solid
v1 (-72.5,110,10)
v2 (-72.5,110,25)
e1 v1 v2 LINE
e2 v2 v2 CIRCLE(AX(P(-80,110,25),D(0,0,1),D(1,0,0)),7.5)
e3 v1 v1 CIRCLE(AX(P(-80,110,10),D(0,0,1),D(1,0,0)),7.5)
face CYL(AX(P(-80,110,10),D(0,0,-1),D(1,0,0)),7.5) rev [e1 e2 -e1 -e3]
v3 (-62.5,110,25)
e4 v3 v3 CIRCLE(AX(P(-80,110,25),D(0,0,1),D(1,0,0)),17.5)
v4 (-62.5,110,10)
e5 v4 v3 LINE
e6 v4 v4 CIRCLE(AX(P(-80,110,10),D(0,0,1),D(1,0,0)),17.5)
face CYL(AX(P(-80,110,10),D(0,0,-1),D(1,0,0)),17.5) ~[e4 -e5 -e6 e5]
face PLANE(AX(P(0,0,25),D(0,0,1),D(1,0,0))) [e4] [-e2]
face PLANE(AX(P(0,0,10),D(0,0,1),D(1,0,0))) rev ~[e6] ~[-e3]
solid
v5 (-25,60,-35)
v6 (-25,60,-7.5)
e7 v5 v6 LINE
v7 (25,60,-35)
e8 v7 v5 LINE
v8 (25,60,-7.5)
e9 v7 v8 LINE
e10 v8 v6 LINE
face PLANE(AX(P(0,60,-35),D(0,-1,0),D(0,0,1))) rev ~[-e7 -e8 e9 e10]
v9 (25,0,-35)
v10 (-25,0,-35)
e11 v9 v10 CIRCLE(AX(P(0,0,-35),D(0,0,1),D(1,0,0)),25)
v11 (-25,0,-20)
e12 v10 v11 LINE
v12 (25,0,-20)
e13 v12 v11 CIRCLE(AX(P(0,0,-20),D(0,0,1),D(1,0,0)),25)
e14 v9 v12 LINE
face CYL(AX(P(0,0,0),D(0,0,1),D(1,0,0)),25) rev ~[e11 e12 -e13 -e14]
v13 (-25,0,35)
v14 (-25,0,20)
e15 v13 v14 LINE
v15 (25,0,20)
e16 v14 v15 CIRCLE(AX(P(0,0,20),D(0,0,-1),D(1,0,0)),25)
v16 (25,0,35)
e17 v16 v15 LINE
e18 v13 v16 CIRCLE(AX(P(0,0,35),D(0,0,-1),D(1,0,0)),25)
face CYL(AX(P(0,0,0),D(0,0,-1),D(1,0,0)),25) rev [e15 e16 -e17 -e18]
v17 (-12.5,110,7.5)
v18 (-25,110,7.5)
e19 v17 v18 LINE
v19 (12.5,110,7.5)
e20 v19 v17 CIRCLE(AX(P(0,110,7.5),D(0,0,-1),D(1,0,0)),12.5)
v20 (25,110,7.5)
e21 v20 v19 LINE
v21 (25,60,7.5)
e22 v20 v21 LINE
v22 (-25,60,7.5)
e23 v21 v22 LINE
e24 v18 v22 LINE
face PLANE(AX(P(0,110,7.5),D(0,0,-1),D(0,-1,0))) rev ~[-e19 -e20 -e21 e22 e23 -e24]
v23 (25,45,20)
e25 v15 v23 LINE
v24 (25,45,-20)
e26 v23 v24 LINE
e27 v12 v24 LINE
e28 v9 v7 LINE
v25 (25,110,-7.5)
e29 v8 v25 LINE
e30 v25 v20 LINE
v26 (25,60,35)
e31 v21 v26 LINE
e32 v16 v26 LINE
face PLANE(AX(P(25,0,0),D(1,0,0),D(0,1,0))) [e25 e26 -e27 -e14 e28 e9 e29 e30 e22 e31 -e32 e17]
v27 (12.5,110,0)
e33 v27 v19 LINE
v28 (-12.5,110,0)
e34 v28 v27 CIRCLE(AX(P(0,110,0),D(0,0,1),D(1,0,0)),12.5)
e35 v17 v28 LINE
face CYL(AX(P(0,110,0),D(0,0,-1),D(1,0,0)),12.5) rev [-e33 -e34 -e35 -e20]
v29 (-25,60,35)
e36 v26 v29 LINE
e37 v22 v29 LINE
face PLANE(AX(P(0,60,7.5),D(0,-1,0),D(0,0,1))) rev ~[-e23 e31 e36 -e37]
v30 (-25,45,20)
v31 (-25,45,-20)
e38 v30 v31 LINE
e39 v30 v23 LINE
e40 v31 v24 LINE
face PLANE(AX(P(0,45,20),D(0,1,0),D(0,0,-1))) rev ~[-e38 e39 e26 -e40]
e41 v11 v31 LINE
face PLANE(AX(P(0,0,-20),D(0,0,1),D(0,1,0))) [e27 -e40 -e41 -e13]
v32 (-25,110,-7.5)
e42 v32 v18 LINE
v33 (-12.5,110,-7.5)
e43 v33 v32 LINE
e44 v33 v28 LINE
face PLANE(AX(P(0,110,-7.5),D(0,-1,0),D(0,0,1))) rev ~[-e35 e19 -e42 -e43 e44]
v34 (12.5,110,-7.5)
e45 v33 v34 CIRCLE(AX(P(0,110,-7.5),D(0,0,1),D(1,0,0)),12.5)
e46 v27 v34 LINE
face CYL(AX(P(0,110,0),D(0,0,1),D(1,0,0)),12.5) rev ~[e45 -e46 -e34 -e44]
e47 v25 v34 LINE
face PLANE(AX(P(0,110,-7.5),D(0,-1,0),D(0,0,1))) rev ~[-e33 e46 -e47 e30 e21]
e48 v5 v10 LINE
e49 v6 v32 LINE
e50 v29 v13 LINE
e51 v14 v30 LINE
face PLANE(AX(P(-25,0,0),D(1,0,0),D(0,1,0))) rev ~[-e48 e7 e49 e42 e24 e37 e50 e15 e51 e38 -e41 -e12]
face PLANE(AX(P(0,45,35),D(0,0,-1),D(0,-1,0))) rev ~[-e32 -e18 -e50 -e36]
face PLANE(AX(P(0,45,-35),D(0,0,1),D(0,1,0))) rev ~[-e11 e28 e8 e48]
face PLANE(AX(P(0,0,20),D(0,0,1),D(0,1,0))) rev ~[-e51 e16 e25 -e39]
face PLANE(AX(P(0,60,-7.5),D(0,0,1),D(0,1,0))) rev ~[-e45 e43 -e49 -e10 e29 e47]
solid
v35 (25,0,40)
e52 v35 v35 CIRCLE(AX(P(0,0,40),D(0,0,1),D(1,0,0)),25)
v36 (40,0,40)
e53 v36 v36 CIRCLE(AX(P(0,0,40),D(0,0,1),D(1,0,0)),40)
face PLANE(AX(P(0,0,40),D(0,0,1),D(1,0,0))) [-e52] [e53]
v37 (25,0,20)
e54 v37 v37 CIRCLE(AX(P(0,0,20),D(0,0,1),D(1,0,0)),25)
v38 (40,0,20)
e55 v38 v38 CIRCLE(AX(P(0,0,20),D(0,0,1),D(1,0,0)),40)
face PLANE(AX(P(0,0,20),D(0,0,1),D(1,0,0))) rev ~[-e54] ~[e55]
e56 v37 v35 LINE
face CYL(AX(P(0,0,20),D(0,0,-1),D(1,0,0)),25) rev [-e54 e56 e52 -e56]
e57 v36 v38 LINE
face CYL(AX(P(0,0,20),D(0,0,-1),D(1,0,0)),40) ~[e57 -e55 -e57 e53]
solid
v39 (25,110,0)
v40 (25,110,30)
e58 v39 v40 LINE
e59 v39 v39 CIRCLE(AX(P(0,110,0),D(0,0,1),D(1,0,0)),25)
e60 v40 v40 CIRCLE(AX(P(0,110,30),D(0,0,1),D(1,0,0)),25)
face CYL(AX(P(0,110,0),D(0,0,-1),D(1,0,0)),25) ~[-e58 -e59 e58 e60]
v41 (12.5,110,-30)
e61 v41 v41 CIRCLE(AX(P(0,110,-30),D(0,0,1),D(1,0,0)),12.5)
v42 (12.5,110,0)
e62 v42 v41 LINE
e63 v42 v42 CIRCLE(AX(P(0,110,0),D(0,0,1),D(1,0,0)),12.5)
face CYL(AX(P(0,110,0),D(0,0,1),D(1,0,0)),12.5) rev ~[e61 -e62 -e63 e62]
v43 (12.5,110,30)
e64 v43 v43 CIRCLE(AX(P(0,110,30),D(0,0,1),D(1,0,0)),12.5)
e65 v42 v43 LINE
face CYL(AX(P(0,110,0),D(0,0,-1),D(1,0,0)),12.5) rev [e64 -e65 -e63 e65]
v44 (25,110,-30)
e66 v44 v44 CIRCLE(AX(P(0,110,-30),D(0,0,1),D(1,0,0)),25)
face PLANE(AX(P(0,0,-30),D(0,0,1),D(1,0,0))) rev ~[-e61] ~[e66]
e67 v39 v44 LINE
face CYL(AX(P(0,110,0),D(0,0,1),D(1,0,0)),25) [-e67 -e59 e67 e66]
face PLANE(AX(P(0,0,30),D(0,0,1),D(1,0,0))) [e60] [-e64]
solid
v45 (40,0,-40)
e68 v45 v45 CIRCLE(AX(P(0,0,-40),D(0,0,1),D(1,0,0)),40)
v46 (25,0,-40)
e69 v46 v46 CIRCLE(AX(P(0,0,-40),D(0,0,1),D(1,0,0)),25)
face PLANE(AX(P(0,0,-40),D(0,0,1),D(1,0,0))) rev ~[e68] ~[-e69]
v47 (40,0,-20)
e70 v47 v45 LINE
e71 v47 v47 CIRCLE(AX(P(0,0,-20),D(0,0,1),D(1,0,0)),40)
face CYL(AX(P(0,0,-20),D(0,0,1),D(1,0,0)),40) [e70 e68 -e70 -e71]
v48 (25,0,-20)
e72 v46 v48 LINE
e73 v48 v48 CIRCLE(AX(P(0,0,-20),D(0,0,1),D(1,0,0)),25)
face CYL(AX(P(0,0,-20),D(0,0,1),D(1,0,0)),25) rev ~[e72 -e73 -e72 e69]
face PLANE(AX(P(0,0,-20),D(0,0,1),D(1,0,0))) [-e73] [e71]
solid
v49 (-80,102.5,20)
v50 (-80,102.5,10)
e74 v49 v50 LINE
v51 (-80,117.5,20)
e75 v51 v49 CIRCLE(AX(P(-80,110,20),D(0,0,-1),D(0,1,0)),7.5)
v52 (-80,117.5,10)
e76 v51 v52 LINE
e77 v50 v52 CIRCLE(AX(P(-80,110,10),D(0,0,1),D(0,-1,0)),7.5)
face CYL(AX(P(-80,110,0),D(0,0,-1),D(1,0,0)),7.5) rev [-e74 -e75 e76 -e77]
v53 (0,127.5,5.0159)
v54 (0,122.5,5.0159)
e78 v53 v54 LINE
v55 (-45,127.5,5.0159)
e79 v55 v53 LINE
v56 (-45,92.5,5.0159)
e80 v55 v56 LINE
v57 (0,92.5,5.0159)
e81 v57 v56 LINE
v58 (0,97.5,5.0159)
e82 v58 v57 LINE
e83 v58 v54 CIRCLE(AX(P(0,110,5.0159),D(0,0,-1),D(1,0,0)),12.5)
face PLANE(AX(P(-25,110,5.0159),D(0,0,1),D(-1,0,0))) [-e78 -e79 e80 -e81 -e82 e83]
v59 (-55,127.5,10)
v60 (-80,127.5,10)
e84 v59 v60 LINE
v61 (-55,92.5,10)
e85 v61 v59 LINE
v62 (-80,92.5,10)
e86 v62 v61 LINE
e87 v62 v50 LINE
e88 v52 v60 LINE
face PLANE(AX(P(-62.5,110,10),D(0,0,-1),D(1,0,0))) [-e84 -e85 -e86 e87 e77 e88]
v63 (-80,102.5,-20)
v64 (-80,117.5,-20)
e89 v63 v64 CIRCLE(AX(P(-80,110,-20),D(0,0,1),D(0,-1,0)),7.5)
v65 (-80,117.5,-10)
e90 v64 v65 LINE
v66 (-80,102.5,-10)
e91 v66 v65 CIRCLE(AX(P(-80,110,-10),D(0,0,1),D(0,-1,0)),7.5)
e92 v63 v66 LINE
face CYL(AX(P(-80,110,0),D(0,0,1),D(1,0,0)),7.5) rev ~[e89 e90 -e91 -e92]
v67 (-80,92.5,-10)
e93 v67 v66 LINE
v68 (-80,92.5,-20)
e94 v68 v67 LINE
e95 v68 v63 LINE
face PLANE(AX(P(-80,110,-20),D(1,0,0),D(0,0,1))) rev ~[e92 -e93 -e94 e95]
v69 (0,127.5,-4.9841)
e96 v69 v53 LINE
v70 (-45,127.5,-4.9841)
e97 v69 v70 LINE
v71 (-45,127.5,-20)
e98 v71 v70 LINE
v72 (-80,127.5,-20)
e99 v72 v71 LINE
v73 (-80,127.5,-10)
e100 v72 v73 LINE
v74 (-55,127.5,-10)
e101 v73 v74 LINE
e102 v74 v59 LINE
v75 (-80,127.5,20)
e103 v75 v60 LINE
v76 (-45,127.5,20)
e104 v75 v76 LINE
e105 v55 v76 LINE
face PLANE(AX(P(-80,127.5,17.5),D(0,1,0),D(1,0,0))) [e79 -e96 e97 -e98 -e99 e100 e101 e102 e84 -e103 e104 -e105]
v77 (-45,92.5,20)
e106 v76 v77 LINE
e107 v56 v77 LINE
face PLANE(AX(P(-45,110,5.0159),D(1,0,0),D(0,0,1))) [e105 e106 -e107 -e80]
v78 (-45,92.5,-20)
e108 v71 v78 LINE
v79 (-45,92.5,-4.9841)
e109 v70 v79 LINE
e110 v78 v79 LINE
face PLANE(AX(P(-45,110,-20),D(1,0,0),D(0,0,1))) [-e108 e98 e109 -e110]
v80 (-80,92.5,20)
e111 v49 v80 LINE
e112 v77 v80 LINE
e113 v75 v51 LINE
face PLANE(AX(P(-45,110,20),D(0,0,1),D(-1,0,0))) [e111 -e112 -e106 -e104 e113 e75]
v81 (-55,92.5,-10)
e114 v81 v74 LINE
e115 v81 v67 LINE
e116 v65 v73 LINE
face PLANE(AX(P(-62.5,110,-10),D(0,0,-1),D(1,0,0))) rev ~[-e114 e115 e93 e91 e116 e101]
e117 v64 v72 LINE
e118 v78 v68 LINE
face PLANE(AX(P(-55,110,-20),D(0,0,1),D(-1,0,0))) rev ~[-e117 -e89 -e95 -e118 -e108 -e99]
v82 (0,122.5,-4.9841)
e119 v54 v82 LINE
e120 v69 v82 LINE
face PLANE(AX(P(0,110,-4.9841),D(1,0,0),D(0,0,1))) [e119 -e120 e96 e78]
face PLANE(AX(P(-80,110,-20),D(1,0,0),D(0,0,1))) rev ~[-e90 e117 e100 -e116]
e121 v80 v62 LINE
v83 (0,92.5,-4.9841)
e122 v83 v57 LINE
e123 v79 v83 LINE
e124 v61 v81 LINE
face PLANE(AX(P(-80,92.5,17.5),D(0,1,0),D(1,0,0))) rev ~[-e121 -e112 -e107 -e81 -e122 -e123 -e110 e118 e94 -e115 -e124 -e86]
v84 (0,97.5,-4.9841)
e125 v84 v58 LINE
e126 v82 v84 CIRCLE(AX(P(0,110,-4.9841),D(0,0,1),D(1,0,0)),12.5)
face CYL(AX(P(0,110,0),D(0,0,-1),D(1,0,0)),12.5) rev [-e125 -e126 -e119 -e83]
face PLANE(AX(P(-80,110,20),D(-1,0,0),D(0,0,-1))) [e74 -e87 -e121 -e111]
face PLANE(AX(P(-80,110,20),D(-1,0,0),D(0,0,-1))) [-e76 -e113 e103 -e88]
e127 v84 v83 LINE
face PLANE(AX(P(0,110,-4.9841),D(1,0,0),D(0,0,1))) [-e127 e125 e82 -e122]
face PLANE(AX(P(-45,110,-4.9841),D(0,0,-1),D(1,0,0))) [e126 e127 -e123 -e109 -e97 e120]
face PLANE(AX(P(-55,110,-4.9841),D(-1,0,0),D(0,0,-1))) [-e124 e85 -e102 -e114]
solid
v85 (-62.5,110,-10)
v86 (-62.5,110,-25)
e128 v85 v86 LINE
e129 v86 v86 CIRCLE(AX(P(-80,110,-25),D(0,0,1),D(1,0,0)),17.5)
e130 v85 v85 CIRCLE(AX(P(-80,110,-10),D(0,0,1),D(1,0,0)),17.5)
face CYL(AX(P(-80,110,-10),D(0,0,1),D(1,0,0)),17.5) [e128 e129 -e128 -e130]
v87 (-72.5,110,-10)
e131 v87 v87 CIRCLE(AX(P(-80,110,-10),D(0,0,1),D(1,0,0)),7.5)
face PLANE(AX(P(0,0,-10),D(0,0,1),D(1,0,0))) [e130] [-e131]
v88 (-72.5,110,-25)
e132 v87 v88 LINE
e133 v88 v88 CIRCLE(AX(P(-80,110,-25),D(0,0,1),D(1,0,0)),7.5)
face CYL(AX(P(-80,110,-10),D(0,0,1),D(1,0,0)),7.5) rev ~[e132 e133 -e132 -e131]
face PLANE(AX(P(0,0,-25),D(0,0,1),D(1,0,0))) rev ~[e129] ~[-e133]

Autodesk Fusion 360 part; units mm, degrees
sketch "Sketch1" plane through (0, 0, 0) normal (0, 0, 1) x (1, 0, 0)
  circle A0 centre (0, 0) radius 25
  circle A1 centre (0, 0) radius 40
  circle A2 centre (0, 110) radius 12.5
  circle A3 centre (0, 110) radius 25
  circle A4 centre (-80, 110) radius 7.5
  circle A5 centre (-80, 110) radius 17.5
  dimension "d5" = 50
  dimension "d6" = 80
  dimension "d7" = 25
  dimension "d8" = 50
  dimension "d9" = 110
  dimension "d10" = 15
  dimension "d11" = 35
  dimension "d12" = 80
extrude "Extrude1" add sketch "Sketch1" along normal blind 10 from surface at 20 contours A1 makes body 1
extrude "Extrude2" add sketch "Sketch1" against normal blind 10 from surface at -20 separate body contours A1 makes body 2
extrude "Extrude3" add sketch "Sketch1" along normal blind 15 from surface at 10 separate body contours A5 makes body 3
extrude "Extrude4" add sketch "Sketch1" against normal blind 15 from surface at -10 separate body contours A5 makes body 4
extrude "Extrude5" add sketch "Sketch1" along normal mid plane 60 separate body contours A3 makes body 5
extrude "Extrude6" add 1 faces at (34.758, -3.2292, 30) along direction (0, 0, 1) blind 10 on bodies 1 bodies 1
extrude "Extrude7" add 1 faces at (34.758, -3.2292, -30) along direction (0, 0, -1) blind 10 on bodies 2 bodies 2
sketch "Sketch3" plane through (0, 0, 0) normal (1, 0, 0) x (0, 1, 0)
  line L0 (0, 20) -> (45, 20)
  line L1 (45, 20) -> (45, 35)
  line L2 (45, 35) -> (0, 35)
  line L3 (0, 35) -> (0, 20)
  line L4 (0, -20) -> (45, -20)
  line L5 (45, -20) -> (45, -35)
  line L6 (45, -35) -> (0, -35)
  line L7 (0, -35) -> (0, -20)
  line L8 (45, -35) -> (60, -35)
  line L9 (60, -35) -> (60, 35)
  line L10 (60, 35) -> (45, 35)
  line L11 (45, 35) -> (45, -35)
  line L12 (45, -7.5) -> (110, -7.5)
  line L13 (110, -7.5) -> (110, 7.5)
  line L14 (110, 7.5) -> (45, 7.5)
  line L15 (45, 7.5) -> (45, -7.5)
  dimension "d33" = 45
  dimension "d34" = 15
  dimension "d35" = 45
  dimension "d36" = 15
  dimension "d37" = 15
  dimension "d38" = 70
  dimension "d39" = 65
  dimension "d40" = 15
  dimension "d41" = 27.5
  dimension "d42" = 27.5
extrude "Extrude8" add sketch "Sketch3" along normal mid plane 50 separate body makes body 6
extrude "Extrude9" cut sketch "Sketch1" along normal mid plane 144.06 contours A2 bodies 6
extrude "Extrude10" cut sketch "Sketch1" along normal mid plane 135.33 contours A0 bodies 6
sketch "Sketch4" plane through (0, 0, 0) normal (0, 1, 0) x (1, 0, 0)
  line L0 (-101.7969, -25.8958) -> (-101.7969, 10)
ref_plane "WorkPlane1" through (-80, 110, 17.5) normal (0, 1, 0) x (0, 0, 1)
sketch "Sketch5" plane through (-80, 110, 17.5) normal (0, 1, 0) x (1, 0, 0)
  line L0 (17.5, 42.5) -> (-17.5, 42.5)
  line L1 (-17.5, 27.5) -> (17.5, 27.5)
  line L2 (17.5, 27.5) -> (17.5, 42.5)
  line L3 (-17.5, 27.5) -> (-17.5, 42.5)
  line L4 (-17.5, -7.5) -> (17.5, -7.5)
  line L5 (-17.5, 7.5) -> (17.5, 7.5)
  line L6 (-17.5, 7.5) -> (-17.5, -7.5)
  line L7 (17.5, 7.5) -> (17.5, -7.5)
  line L8 (105, 47.5) -> (55, 47.5)
  line L9 (55, -12.5) -> (105, -12.5)
  line L10 (55, 47.5) -> (55, -12.5)
  line L11 (105, 47.5) -> (105, -12.5)
  line L12 (0, 7.5) -> (25, 7.5)
  line L13 (25, 7.5) -> (25, -2.5)
  line L14 (25, -2.5) -> (0, -2.5)
  line L15 (0, -2.5) -> (0, 7.5)
  line L16 (0, 27.5) -> (25, 27.5)
  line L17 (25, 27.5) -> (25, 37.5)
  line L18 (25, 37.5) -> (0, 37.5)
  line L19 (0, 37.5) -> (0, 27.5)
  line L20 (25, 37.5) -> (35, 37.5)
  line L21 (35, 37.5) -> (35, -2.5)
  line L22 (35, -2.5) -> (25, -2.5)
  line L23 (25, -2.5) -> (25, 37.5)
  line L24 (25, 22.4841) -> (80, 22.4841)
  line L25 (80, 22.4841) -> (80, 12.4841)
  line L26 (80, 12.4841) -> (25, 12.4841)
  line L27 (25, 12.4841) -> (25, 22.4841)
  dimension "d53" = 25
  dimension "d54" = 10
  dimension "d55" = 25
  dimension "d56" = 10
  dimension "d57" = 10
  dimension "d58" = 55
  dimension "d59" = 10
extrude "Extrude11" add sketch "Sketch5" along normal mid plane 35 separate body contours L2 L16 L17 L18 L23 | L1 L2 L16 L18 L19 | L17 L20 L21 L23 L24 | L21 L23 L24 L26 L27 | L10 L21 L24 L26 | L13 L21 L22 L23 L26 | L10 L24 L25 L26 | L7 L12 L13 L14 L23 | L5 L7 L12 L14 L15 makes body 7
extrude "Extrude12" cut sketch "Sketch1" along normal mid plane 104.95 contours A2 bodies 7
extrude "Extrude13" cut sketch "Sketch1" along normal mid plane 79.018 contours A4 bodies 7
